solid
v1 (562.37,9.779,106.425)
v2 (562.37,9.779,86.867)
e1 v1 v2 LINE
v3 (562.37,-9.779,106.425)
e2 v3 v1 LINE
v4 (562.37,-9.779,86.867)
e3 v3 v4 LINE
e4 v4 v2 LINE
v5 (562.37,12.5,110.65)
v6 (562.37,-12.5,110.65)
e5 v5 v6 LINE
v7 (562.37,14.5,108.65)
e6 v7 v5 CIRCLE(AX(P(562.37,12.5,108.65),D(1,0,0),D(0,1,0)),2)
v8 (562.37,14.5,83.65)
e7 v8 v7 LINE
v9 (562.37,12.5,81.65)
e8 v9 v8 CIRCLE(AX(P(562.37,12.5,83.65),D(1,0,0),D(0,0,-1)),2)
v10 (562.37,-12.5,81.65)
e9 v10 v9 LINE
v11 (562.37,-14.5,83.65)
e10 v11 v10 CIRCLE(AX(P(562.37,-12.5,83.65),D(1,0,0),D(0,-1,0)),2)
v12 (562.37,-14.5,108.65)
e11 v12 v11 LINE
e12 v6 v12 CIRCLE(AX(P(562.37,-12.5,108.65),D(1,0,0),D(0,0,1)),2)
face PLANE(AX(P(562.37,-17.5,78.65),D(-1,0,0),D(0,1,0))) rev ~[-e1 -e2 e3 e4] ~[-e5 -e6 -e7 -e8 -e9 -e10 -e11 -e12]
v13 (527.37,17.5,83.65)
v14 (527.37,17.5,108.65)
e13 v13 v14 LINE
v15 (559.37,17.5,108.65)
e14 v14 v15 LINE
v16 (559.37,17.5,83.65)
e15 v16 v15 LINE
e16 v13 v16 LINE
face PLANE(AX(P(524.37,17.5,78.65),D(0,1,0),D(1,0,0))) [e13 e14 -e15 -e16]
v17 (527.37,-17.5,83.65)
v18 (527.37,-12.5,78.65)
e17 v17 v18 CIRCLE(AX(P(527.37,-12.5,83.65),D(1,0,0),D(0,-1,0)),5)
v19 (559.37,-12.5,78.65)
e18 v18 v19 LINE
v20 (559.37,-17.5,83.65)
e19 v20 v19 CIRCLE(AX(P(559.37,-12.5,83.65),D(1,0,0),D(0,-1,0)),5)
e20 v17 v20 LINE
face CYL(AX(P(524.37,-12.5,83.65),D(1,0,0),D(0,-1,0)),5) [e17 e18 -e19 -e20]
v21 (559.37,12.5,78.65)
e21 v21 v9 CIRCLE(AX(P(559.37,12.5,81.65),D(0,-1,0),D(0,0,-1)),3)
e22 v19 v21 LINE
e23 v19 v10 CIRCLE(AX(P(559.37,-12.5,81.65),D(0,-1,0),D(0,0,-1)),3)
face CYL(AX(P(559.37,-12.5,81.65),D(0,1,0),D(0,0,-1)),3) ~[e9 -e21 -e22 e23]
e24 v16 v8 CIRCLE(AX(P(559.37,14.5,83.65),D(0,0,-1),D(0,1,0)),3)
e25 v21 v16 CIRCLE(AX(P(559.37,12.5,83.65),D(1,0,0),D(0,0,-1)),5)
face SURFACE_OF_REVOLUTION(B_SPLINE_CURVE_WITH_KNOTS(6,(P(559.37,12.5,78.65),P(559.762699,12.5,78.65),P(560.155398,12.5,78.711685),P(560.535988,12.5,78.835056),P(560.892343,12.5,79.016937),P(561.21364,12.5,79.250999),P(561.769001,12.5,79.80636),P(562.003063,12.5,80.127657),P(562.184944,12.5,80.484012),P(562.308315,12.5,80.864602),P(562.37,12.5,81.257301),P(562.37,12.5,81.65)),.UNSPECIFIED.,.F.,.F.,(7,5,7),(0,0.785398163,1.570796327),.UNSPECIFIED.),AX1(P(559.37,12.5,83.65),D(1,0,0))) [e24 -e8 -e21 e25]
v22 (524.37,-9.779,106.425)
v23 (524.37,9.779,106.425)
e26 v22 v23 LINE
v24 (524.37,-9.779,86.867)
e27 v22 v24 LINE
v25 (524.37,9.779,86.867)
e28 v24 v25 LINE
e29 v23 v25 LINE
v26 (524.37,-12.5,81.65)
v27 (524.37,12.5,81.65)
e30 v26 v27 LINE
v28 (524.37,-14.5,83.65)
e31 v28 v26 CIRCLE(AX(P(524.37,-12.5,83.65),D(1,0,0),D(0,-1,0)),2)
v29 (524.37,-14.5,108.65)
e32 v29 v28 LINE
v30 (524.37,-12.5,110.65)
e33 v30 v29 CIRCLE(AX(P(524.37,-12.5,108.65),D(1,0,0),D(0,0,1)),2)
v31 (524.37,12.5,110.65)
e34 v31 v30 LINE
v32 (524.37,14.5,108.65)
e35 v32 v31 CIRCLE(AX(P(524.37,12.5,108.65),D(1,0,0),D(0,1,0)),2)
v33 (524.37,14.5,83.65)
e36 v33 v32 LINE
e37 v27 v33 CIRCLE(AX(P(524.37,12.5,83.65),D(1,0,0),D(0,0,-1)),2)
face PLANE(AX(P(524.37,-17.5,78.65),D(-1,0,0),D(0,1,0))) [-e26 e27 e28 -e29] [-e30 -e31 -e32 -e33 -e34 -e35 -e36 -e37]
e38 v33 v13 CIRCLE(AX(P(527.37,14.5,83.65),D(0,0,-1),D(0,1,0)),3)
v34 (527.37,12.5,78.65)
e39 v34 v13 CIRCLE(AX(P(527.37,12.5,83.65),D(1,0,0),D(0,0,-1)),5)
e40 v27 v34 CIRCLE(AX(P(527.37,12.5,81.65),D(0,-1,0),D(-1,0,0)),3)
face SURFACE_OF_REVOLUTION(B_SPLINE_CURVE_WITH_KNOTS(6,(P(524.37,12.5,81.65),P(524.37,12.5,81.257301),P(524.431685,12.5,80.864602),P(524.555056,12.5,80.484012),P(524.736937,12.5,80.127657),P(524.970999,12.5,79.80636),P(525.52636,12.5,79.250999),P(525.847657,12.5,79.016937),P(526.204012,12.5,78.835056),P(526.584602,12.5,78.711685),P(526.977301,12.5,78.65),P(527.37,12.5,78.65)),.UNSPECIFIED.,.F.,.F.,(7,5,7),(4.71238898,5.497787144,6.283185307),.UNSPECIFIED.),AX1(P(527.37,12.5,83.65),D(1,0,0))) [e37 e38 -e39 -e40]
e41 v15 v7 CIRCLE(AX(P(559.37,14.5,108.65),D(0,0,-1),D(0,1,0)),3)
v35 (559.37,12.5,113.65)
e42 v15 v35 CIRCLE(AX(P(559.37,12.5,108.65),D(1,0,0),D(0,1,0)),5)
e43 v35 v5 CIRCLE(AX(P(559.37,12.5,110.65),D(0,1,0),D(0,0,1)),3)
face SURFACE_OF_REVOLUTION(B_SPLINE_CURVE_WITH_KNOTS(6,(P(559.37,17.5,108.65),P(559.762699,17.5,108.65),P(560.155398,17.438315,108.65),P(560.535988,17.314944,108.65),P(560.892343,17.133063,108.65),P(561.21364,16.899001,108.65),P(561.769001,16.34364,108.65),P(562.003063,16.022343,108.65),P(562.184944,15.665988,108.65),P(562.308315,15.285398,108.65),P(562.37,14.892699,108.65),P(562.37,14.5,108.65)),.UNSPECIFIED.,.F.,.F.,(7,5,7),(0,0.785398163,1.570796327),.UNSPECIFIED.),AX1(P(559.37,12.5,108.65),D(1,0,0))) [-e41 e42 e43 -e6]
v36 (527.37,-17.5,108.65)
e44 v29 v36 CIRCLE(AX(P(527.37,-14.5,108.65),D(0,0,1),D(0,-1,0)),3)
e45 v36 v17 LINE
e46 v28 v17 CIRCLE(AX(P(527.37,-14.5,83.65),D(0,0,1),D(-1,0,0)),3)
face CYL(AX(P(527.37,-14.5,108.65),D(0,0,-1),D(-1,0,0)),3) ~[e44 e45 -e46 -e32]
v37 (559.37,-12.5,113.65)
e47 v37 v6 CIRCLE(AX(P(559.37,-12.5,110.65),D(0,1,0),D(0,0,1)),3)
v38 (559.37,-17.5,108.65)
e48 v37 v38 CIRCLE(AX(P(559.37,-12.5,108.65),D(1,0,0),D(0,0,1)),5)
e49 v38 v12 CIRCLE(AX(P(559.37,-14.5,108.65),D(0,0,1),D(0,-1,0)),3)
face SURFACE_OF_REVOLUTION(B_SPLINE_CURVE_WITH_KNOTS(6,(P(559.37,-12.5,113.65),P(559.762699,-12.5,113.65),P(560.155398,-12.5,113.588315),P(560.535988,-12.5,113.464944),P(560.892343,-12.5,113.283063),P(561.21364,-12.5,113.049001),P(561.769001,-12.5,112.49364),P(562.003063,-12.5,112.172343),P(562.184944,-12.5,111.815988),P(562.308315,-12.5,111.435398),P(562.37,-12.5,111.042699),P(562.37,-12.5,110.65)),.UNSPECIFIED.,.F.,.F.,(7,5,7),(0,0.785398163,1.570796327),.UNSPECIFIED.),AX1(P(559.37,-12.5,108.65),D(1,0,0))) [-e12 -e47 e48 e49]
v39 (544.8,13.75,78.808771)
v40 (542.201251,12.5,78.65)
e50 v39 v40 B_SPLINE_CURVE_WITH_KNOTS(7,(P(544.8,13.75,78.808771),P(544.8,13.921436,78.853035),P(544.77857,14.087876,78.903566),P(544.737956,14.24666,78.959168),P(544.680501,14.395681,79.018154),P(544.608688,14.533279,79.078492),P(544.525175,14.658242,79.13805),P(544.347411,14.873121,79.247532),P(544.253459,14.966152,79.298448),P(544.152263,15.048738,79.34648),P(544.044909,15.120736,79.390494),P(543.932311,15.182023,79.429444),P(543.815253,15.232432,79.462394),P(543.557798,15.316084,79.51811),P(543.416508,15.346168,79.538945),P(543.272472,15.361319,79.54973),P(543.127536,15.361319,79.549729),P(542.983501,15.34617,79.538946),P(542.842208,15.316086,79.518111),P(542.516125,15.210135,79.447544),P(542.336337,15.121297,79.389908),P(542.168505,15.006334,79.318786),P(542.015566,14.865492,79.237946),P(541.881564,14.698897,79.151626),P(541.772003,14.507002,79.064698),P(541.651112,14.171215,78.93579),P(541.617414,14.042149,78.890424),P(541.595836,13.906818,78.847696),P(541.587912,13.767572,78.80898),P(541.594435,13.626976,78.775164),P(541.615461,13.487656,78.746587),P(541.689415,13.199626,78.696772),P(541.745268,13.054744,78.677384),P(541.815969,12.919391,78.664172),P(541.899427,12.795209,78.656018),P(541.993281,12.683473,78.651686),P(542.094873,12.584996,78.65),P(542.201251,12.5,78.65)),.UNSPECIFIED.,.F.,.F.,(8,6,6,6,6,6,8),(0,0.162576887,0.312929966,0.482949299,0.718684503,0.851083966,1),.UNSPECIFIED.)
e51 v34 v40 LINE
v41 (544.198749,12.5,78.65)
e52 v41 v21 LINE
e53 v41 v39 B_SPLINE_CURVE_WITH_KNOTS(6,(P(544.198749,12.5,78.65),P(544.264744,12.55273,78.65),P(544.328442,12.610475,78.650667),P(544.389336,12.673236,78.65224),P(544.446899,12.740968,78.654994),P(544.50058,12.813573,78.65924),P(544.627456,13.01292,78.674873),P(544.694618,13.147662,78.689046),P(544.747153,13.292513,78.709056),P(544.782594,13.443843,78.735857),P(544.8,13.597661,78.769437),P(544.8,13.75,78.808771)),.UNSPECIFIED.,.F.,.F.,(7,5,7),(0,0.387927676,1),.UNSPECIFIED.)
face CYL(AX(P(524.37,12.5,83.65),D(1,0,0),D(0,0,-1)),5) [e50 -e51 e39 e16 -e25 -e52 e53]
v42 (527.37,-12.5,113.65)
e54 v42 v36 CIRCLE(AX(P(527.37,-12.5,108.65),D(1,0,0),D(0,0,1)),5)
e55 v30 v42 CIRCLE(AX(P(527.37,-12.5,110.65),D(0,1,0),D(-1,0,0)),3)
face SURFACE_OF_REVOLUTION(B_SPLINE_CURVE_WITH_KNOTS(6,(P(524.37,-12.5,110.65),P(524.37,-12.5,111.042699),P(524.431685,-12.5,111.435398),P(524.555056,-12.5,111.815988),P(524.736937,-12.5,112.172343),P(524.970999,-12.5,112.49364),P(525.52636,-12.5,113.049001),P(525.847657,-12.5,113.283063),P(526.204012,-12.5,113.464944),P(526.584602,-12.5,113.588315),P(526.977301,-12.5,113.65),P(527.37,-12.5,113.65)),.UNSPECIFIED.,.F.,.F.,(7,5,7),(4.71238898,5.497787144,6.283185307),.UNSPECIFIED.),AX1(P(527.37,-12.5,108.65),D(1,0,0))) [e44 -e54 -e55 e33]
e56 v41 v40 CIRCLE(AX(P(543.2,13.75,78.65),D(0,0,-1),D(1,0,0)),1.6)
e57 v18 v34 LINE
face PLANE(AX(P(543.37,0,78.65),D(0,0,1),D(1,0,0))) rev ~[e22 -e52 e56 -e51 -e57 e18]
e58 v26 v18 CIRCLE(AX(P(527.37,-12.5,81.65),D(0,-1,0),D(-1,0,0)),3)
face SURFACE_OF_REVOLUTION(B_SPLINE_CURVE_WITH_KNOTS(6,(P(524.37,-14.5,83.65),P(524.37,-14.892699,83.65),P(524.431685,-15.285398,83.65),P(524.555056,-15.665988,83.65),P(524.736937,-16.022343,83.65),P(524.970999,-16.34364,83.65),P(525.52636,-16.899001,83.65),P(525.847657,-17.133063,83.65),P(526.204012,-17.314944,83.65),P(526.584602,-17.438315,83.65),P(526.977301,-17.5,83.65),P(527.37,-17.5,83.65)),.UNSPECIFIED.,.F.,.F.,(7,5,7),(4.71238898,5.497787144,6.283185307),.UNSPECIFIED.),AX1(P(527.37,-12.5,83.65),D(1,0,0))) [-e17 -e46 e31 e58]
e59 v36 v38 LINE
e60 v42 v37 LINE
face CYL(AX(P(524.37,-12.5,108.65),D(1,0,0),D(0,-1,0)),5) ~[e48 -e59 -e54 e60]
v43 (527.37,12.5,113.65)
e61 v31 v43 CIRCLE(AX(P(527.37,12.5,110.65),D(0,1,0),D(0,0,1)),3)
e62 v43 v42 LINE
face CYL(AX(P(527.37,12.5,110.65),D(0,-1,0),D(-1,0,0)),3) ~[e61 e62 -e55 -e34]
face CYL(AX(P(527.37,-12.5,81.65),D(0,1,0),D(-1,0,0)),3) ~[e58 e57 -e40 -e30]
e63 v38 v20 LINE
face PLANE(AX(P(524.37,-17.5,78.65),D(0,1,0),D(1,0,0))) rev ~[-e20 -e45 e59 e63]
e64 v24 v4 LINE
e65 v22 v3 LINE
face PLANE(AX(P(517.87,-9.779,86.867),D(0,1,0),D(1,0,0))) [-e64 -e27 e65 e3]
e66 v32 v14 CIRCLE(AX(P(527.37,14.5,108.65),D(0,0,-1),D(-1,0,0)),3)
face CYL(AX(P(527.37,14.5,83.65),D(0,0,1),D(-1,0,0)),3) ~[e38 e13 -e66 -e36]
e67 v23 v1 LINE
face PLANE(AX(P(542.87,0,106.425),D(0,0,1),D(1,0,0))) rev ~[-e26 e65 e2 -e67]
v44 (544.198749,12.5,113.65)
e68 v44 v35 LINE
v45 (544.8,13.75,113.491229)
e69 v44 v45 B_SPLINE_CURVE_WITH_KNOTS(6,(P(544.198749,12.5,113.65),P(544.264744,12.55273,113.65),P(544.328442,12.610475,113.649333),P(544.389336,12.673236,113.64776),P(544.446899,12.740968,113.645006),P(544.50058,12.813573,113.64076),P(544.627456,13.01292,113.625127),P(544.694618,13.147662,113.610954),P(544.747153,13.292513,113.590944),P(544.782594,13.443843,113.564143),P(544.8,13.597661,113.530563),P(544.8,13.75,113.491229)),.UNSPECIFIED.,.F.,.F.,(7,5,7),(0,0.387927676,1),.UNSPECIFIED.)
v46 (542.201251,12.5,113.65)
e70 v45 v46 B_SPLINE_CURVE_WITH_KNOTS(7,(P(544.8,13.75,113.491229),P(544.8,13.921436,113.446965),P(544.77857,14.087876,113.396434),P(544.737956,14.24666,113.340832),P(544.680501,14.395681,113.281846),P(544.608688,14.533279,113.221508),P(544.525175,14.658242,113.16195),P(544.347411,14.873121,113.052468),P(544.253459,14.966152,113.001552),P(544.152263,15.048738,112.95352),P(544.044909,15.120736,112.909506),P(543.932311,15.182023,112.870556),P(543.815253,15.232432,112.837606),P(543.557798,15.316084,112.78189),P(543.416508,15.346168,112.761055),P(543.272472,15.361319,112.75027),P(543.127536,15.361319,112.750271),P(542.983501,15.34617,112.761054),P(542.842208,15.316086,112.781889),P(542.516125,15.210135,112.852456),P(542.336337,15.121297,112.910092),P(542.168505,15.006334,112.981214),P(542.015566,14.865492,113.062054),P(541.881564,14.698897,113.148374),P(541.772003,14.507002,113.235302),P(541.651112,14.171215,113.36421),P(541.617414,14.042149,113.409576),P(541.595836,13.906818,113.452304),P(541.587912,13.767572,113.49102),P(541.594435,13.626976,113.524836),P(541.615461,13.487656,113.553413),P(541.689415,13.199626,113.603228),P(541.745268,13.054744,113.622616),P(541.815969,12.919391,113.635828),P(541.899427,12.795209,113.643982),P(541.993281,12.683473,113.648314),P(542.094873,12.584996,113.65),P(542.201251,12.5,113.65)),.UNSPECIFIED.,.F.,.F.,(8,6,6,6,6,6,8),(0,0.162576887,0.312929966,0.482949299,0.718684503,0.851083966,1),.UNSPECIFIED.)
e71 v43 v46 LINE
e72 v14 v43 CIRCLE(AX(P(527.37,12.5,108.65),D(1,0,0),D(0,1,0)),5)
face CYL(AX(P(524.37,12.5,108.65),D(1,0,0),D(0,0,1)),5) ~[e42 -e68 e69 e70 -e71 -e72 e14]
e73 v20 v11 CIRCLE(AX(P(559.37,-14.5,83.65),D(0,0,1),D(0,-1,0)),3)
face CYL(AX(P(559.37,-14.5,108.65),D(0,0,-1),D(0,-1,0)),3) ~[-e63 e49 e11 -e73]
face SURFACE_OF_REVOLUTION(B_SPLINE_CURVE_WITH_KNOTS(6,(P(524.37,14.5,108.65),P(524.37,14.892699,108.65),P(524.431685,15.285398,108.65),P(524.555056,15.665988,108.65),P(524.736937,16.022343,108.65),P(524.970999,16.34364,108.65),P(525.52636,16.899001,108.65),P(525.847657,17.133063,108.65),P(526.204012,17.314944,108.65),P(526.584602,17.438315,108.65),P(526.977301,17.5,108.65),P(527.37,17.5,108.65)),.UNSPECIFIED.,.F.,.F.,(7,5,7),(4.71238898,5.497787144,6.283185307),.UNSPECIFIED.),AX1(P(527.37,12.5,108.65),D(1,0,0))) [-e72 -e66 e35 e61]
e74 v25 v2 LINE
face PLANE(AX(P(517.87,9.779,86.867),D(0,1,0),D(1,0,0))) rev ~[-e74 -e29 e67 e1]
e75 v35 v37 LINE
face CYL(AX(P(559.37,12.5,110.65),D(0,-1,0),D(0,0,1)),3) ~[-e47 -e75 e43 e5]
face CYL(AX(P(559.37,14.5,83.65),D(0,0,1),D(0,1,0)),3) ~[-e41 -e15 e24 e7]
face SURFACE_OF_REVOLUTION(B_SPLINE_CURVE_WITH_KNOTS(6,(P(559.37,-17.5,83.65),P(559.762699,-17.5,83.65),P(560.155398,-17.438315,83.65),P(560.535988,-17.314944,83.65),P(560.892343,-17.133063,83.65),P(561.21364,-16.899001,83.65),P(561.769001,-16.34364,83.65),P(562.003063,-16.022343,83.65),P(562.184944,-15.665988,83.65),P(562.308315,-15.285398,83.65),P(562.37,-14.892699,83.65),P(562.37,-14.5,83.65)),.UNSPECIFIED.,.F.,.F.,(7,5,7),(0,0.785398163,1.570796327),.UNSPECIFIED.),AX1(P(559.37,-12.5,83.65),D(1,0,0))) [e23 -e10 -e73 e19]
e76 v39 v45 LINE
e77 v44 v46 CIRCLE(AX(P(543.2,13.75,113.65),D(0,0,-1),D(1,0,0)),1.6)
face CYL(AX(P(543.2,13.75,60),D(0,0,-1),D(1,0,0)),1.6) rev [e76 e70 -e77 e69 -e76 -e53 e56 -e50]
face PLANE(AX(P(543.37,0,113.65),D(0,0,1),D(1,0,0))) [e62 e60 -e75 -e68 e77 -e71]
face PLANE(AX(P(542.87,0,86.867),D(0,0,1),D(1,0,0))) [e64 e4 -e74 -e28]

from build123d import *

# Parameters (mm, degrees)
CYLINDER070_R     = 1.6
CYLINDER070_DEPTH = 100
BOX031_W          = 50
BOX031_H          = 19.558
BOX031_DEPTH      = 19.558
BOX030_W          = 38
BOX030_H          = 35
BOX030_DEPTH      = 35
FILLET006_R       = 5
FILLET007_R       = 3


with BuildPart() as cylinder070:
    # Cylinder070 → Cylinder070 (new body)
    with BuildSketch(Plane(origin=(543.2, 13.75, 60), x_dir=(1, 0, 0), z_dir=(0, 0, 1))):
        Circle(CYLINDER070_R)
    extrude(amount=CYLINDER070_DEPTH)


with BuildPart() as cube031:
    # Box031 → Box031 (new body)
    with BuildSketch(Plane(origin=(528.17, -9.779, 103.467), x_dir=(1, 0, 0), z_dir=(0, 0, 1))):
        with Locations((25, 9.779)):
            Rectangle(BOX031_W, BOX031_H)
    extrude(amount=BOX031_DEPTH)


with BuildPart() as cut039:
    # Box030 → Box030 (new body)
    with BuildSketch(Plane(origin=(534.67, -17.5, 95.25), x_dir=(1, 0, 0), z_dir=(0, 0, 1))):
        with Locations((19, 17.5)):
            Rectangle(BOX030_W, BOX030_H)
    extrude(amount=BOX030_DEPTH)

    # Cut038: cut Cube031
    add(cube031.part, mode=Mode.SUBTRACT)


with BuildPart() as cut039_1:
    # Cut038 placement: moved
    add(cut039.part.moved(Location((-10.3, 0, -16.6))))

    # Fillet006
    fillet006_edges = [cut039_1.edges().sort_by_distance(p)[0] for p in [
        (543.37, -17.5, 78.65),
        (543.37, -17.5, 113.65),
        (543.37, 17.5, 113.65),
        (543.37, 17.5, 78.65),
    ]]
    fillet(fillet006_edges, radius=FILLET006_R)

    # Fillet007
    fillet007_edges = [cut039_1.edges().sort_by_distance(p)[0] for p in [
        (524.37, 0, 78.65),
        (562.37, 0, 78.65),
    ]]
    fillet(fillet007_edges, radius=FILLET007_R)

    # Cut039: cut Cylinder070
    add(cylinder070.part, mode=Mode.SUBTRACT)


solid = cut039_1.part
